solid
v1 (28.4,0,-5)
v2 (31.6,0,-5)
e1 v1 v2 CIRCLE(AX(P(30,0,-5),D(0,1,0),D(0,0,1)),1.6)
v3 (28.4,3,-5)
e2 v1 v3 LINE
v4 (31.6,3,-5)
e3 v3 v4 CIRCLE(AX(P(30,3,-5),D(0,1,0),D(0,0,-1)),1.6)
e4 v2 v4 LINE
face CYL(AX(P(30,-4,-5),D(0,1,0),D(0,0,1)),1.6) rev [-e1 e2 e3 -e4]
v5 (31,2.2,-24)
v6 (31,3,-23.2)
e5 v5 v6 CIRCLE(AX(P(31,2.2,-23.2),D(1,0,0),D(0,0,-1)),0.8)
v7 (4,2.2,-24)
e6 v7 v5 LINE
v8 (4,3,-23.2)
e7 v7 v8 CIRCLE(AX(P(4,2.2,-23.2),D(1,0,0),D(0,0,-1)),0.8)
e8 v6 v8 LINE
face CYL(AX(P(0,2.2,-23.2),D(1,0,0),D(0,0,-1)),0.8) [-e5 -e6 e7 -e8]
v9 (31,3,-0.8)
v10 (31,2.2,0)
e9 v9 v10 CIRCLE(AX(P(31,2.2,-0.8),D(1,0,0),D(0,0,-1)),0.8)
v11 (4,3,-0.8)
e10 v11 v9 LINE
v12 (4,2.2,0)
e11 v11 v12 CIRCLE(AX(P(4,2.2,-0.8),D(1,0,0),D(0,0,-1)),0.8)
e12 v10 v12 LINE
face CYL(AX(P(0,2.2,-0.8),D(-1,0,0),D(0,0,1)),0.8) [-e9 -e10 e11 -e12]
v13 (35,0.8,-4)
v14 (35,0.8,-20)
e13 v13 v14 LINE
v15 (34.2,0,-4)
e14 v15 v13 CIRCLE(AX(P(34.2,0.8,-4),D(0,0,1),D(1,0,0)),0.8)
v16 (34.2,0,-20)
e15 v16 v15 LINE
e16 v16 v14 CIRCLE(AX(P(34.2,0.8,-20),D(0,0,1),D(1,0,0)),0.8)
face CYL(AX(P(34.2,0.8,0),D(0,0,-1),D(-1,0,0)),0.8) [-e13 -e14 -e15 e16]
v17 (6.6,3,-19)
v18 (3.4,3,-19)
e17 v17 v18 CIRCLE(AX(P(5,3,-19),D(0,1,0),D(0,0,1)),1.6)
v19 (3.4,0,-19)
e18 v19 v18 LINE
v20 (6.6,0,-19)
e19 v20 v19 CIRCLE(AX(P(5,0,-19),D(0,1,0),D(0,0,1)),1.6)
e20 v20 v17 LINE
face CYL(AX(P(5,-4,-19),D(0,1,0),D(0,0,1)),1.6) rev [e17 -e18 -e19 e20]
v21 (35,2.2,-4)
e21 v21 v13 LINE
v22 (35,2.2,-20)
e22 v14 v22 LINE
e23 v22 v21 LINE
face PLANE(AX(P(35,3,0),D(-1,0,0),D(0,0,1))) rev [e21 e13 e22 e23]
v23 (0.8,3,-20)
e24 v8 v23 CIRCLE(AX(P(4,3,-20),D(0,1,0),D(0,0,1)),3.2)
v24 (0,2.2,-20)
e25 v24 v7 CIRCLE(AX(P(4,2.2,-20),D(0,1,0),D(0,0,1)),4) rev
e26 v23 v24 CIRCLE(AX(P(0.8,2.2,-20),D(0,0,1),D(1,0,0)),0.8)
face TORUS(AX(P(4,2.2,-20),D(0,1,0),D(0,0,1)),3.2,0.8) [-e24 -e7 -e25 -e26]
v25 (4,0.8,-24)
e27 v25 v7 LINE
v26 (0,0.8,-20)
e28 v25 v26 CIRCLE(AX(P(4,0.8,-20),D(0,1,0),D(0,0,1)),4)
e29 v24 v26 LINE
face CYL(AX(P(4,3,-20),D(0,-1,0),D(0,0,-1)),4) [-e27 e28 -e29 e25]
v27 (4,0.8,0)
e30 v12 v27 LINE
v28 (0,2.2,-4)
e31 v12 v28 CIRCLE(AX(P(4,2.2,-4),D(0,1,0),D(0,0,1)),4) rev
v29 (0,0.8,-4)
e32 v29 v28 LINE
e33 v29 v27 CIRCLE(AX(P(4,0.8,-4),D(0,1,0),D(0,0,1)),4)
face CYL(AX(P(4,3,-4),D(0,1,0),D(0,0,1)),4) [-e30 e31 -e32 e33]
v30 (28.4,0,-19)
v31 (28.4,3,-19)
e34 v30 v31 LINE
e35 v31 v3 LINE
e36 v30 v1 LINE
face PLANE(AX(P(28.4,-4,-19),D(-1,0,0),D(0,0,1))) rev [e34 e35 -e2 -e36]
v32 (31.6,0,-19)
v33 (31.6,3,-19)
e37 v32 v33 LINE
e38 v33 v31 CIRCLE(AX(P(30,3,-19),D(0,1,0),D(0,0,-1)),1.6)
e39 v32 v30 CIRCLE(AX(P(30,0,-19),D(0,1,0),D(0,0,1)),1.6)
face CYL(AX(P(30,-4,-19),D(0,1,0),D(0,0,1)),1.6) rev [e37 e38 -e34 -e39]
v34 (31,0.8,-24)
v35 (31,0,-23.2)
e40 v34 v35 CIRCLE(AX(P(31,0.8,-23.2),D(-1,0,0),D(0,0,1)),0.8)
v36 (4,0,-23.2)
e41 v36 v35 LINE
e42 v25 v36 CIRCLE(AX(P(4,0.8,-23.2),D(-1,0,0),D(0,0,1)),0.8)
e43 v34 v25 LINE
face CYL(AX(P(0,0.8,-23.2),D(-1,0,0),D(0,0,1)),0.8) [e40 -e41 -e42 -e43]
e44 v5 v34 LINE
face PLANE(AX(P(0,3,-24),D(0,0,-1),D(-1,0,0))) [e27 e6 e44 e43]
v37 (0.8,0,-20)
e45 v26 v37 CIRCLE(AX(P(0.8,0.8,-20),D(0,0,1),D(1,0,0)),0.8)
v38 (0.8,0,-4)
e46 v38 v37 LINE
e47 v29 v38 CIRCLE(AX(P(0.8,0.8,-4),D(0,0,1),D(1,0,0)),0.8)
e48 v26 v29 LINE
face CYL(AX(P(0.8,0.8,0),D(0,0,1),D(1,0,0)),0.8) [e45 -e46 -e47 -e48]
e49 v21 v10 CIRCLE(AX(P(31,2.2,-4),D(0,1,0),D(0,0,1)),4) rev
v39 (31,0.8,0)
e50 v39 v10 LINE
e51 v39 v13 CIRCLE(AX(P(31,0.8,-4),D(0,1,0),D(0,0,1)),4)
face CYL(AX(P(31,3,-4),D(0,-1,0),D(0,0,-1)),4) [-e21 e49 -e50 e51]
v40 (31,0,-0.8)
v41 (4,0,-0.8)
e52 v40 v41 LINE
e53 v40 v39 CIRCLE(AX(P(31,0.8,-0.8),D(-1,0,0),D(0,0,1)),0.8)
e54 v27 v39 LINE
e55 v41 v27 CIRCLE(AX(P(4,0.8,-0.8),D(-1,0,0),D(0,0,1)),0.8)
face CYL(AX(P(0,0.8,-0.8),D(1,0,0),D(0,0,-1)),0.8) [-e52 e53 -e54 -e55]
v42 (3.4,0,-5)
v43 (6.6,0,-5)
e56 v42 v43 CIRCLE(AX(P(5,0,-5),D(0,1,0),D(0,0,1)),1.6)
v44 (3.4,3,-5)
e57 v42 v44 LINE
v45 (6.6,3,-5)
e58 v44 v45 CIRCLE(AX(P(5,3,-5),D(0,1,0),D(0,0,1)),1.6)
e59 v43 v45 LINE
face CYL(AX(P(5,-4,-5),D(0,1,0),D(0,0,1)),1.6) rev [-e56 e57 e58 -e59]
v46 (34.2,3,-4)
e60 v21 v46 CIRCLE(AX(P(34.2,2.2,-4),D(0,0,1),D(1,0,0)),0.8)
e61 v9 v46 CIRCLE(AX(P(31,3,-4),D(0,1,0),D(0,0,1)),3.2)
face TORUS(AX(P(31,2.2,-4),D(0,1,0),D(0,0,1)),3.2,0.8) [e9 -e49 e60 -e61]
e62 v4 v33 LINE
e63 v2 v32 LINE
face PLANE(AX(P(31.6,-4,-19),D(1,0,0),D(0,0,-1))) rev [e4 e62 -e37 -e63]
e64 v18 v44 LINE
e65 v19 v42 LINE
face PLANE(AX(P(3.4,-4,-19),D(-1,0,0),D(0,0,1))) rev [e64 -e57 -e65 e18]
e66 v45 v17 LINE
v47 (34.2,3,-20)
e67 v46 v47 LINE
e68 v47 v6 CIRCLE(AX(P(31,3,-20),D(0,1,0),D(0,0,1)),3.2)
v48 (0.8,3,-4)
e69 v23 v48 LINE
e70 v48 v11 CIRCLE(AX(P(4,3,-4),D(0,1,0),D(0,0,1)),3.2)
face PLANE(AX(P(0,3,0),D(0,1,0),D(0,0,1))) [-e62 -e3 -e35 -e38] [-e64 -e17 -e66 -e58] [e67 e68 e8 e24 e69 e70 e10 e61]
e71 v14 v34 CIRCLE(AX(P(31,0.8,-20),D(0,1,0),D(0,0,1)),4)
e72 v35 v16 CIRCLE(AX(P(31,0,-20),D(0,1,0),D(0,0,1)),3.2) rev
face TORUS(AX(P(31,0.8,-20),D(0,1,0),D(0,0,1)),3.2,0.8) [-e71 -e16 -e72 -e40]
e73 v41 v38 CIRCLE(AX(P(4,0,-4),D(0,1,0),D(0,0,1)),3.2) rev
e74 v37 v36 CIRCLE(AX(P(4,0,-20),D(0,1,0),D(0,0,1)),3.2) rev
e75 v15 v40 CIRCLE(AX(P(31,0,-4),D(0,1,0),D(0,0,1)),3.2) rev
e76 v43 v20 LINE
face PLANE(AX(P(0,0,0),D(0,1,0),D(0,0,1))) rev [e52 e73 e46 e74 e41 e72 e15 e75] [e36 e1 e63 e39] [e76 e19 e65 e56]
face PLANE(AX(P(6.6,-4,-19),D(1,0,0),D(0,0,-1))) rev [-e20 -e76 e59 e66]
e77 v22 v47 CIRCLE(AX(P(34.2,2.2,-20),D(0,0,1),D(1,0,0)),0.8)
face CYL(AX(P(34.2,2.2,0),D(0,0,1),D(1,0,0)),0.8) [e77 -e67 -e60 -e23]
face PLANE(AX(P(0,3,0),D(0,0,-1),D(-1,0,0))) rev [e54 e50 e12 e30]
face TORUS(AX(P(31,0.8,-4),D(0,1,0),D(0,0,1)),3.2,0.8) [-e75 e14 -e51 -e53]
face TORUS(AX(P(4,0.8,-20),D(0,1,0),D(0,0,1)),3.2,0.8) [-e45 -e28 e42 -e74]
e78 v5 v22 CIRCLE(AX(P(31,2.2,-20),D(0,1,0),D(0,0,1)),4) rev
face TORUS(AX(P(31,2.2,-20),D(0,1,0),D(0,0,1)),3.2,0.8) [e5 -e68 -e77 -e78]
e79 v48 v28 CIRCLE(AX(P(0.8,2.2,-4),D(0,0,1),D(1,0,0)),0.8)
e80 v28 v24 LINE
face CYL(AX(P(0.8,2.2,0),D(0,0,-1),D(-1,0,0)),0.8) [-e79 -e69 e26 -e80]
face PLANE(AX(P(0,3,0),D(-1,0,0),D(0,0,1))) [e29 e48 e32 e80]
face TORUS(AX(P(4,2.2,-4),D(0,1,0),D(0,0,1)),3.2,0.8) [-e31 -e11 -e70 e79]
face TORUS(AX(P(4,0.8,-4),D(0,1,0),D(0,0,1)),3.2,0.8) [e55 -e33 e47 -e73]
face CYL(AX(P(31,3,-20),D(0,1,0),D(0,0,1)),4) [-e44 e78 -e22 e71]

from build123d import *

# Parameters (mm, degrees)
SKETCH1_W           = 35
SKETCH1_H           = 24
BOSS_EXTRUDE1_DEPTH = 3
CUT_EXTRUDE1_DEPTH  = 7
FILLET1_R           = 4
FILLET2_R           = 0.8


with BuildPart() as part:
    # Sketch1 → Boss-Extrude1 (new body)
    with BuildSketch(Plane(origin=(0, 0, 0), x_dir=(1, 0, 0), z_dir=(0, 1, 0))):
        with Locations((17.5, 12)):
            Rectangle(SKETCH1_W, SKETCH1_H)
    extrude(amount=BOSS_EXTRUDE1_DEPTH)

    # Sketch2 → Cut-Extrude1 (cut)
    with BuildSketch(Plane(origin=(0, 3, 0), x_dir=(1, 0, 0), z_dir=(0, 1, 0))):
        with BuildLine():
            Line((6.6, 19), (6.6, 5))
            ThreePointArc((6.6, 5), (5, 3.4), (3.4, 5))
            Line((3.4, 5), (3.4, 19))
            ThreePointArc((3.4, 19), (5, 20.6), (6.6, 19))
        make_face()
        with BuildLine():
            Line((28.4, 19), (28.4, 5))
            ThreePointArc((28.4, 5), (30, 3.4), (31.6, 5))
            Line((31.6, 5), (31.6, 19))
            ThreePointArc((31.6, 19), (30, 20.6), (28.4, 19))
        make_face()
    extrude(amount=-CUT_EXTRUDE1_DEPTH, mode=Mode.SUBTRACT)

    # Fillet1
    fillet1_edges = [part.edges().sort_by_distance(p)[0] for p in [
        (0, 1.5, 0),
        (0, 1.5, -24),
        (35, 1.5, -24),
        (35, 1.5, 0),
    ]]
    fillet(fillet1_edges, radius=FILLET1_R)

    # Fillet2
    fillet2_edges = [part.edges().sort_by_distance(p)[0] for p in [
        (0, 0, -12),
        (0, 3, -12),
        (17.5, 0, 0),
        (17.5, 0, -24),
        (35, 0, -12),
        (33.828427125, 0, -22.828427125),
        (33.828427125, 0, -1.171572875),
        (1.171572875, 0, -1.171572875),
        (1.171572875, 0, -22.828427125),
        (17.5, 3, -24),
        (17.5, 3, 0),
        (35, 3, -12),
        (33.828427125, 3, -22.828427125),
        (33.828427125, 3, -1.171572875),
        (1.171572875, 3, -1.171572875),
        (1.171572875, 3, -22.828427125),
    ]]
    fillet(fillet2_edges, radius=FILLET2_R)


solid = part.part
